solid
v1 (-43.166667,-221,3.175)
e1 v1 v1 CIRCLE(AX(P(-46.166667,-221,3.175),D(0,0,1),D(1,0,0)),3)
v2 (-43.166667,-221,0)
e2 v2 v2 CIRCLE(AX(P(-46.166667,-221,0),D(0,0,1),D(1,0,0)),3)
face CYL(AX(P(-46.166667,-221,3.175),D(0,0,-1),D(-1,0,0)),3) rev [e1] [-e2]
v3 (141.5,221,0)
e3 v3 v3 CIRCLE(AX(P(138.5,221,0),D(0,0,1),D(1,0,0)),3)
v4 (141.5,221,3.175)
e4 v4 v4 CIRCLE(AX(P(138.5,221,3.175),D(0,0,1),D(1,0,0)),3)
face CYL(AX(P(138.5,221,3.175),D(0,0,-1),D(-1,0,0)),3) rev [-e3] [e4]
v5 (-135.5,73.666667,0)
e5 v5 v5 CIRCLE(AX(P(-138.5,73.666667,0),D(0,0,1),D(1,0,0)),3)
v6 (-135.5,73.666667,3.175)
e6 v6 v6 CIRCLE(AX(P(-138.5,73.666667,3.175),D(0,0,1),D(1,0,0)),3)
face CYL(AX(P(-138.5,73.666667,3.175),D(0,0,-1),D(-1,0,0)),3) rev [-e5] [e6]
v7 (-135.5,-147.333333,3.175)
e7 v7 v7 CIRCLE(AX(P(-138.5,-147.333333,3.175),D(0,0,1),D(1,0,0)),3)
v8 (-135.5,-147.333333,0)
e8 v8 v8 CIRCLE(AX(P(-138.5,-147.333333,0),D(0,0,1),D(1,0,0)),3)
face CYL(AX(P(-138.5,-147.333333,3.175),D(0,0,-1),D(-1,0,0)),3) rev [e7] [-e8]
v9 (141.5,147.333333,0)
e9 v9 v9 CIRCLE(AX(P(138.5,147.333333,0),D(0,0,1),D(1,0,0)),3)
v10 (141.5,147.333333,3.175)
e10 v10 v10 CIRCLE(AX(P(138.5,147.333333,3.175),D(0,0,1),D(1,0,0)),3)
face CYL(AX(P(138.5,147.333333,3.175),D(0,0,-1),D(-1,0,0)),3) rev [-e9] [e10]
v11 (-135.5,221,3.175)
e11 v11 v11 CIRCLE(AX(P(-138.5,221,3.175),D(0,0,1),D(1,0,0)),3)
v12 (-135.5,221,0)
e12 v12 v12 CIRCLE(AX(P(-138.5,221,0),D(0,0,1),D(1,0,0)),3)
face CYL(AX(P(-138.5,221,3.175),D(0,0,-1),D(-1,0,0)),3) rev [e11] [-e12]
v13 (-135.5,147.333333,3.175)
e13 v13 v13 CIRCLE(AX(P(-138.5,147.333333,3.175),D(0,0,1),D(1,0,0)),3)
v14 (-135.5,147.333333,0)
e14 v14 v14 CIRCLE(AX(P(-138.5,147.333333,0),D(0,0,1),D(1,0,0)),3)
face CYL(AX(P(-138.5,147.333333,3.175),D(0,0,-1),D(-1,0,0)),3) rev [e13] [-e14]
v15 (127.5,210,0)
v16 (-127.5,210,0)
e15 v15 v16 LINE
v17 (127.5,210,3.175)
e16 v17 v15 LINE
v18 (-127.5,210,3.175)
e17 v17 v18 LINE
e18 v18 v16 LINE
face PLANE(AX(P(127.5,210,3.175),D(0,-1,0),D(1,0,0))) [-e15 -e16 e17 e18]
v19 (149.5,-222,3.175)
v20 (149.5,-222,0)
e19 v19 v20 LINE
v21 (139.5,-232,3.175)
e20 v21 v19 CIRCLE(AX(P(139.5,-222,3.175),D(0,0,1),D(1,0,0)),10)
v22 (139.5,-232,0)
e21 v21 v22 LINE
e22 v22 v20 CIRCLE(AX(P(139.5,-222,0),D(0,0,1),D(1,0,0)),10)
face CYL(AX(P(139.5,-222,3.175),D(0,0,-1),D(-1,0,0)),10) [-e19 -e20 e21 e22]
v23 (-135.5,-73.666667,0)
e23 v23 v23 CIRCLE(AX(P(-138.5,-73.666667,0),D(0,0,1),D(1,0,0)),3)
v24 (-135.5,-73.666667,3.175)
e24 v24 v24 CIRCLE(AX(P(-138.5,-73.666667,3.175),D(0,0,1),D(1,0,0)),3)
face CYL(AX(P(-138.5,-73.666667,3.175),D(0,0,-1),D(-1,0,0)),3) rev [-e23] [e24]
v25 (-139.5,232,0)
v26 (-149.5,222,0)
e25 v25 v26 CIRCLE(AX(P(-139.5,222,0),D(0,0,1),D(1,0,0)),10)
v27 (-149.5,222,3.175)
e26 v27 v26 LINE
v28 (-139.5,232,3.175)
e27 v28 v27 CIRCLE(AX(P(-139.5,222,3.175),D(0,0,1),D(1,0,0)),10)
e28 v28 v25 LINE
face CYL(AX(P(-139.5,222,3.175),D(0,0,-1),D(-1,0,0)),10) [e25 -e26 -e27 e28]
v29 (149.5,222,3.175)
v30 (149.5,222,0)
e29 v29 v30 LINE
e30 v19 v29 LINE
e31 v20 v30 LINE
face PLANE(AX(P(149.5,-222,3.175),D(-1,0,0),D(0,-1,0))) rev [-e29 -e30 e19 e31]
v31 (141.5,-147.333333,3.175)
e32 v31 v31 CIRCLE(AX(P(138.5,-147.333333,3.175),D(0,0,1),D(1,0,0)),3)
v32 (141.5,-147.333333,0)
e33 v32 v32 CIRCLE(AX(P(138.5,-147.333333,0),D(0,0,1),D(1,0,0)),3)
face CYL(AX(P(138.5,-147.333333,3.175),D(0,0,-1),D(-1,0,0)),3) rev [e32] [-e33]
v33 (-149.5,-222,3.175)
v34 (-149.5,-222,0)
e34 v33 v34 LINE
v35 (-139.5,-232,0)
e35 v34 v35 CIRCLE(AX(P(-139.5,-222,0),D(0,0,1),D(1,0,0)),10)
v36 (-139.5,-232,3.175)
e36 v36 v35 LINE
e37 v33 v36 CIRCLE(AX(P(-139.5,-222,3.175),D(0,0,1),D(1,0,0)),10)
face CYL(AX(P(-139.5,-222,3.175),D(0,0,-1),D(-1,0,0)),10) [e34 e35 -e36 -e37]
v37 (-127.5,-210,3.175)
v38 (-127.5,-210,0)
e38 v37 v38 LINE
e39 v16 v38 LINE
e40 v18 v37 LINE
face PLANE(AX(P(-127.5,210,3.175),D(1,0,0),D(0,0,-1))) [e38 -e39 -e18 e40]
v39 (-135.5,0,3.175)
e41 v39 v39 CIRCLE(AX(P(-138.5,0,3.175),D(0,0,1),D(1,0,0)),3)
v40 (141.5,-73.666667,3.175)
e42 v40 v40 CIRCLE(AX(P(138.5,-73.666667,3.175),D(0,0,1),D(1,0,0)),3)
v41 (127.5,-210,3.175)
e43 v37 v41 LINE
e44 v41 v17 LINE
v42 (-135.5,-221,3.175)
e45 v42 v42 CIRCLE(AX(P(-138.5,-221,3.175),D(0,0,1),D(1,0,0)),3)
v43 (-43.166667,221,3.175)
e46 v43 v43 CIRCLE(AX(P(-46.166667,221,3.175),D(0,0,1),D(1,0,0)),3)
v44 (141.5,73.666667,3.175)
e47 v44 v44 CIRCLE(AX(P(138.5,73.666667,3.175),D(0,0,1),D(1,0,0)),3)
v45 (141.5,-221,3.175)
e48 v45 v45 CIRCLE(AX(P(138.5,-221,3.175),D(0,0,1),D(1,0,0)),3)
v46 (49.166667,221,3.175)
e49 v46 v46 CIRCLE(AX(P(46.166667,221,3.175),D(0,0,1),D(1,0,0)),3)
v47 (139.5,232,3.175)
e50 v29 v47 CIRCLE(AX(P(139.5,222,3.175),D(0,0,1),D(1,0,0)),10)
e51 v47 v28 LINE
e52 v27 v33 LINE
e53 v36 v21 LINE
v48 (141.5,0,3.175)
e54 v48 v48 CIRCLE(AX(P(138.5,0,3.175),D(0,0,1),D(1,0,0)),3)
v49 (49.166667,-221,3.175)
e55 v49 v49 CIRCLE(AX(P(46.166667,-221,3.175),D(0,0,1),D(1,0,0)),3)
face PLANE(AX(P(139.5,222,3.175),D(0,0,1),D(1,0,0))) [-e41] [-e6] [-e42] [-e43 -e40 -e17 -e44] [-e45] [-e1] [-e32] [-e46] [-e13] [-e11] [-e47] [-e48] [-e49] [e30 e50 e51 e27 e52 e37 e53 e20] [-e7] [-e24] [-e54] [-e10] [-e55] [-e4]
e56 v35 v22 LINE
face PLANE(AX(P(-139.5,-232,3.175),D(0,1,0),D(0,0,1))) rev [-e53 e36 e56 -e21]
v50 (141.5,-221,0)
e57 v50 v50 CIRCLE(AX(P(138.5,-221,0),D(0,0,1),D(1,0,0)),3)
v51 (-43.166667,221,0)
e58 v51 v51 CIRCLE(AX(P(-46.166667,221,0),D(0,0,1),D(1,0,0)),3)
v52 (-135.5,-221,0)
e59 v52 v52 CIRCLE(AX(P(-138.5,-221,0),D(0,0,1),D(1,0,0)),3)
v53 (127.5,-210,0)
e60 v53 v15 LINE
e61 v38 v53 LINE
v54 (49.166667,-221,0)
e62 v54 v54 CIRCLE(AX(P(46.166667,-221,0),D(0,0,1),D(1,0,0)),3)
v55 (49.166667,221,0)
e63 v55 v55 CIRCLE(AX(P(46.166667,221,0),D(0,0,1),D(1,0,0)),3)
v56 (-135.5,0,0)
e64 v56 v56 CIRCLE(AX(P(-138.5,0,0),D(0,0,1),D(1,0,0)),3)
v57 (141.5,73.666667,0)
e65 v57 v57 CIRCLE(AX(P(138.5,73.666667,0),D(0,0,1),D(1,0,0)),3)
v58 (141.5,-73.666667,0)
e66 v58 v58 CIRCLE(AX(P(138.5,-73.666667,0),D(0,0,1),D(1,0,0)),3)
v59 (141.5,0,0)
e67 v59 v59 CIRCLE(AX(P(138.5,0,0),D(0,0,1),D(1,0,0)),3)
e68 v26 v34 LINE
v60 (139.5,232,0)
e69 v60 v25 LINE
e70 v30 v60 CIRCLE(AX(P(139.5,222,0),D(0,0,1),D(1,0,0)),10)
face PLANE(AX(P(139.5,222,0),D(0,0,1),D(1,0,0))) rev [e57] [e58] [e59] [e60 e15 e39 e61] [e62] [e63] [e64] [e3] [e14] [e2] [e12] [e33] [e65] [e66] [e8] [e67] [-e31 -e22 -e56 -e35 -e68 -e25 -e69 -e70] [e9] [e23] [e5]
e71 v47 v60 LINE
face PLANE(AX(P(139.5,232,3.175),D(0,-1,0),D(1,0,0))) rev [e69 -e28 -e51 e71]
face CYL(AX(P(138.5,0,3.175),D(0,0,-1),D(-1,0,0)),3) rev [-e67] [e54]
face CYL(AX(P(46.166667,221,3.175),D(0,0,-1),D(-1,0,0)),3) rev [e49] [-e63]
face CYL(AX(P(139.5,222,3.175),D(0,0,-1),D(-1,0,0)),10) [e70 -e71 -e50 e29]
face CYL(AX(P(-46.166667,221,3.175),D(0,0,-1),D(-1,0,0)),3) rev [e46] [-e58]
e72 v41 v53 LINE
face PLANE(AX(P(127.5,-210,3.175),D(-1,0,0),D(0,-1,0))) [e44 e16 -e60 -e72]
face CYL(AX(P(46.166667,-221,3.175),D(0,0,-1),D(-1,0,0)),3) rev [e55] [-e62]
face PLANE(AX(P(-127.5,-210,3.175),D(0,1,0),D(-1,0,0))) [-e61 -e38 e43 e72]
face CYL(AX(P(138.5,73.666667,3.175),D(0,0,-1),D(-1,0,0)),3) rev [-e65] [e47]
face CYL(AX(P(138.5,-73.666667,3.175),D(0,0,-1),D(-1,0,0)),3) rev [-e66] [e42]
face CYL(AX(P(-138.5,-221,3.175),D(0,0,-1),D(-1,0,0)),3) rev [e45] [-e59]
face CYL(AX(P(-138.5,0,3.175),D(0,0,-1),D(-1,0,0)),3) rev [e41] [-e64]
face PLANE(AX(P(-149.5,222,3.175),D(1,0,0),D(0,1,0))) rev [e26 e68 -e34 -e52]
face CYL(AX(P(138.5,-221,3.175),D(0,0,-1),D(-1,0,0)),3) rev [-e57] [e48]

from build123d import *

# Parameters (mm, degrees)
SKETCH1_R           = 3
SKETCH1_W           = 255
SKETCH1_H           = 420
BOSS_EXTRUDE1_DEPTH = 3.175


with BuildPart() as part:
    # Sketch1 → Boss-Extrude1 (new body)
    with BuildSketch(Plane.XY):
        with BuildLine():
            Line((139.5, 232), (-139.5, 232))
            ThreePointArc((-139.5, 232), (-146.571067812, 229.071067812), (-149.5, 222))
            Line((-149.5, 222), (-149.5, -222))
            ThreePointArc((-149.5, -222), (-146.571067812, -229.071067812), (-139.5, -232))
            Line((-139.5, -232), (139.5, -232))
            ThreePointArc((139.5, -232), (146.571067812, -229.071067812), (149.5, -222))
            Line((149.5, -222), (149.5, 222))
            ThreePointArc((149.5, 222), (146.571067812, 229.071067812), (139.5, 232))
        make_face()
        with Locations((138.5, -221)):
            Circle(SKETCH1_R, mode=Mode.SUBTRACT)
        with Locations((46.166666667, -221)):
            Circle(SKETCH1_R, mode=Mode.SUBTRACT)
        with Locations((-46.166666667, -221)):
            Circle(SKETCH1_R, mode=Mode.SUBTRACT)
        with Locations((-138.5, -221)):
            Circle(SKETCH1_R, mode=Mode.SUBTRACT)
        with Locations((-138.5, -73.666666667)):
            Circle(SKETCH1_R, mode=Mode.SUBTRACT)
        with Locations((-138.5, 0)):
            Circle(SKETCH1_R, mode=Mode.SUBTRACT)
        with Locations((138.5, -73.666666667)):
            Circle(SKETCH1_R, mode=Mode.SUBTRACT)
        with Locations((138.5, 0)):
            Circle(SKETCH1_R, mode=Mode.SUBTRACT)
        with Locations((138.5, 73.666666667)):
            Circle(SKETCH1_R, mode=Mode.SUBTRACT)
        with Locations((138.5, 147.333333333)):
            Circle(SKETCH1_R, mode=Mode.SUBTRACT)
        with Locations((138.5, 221)):
            Circle(SKETCH1_R, mode=Mode.SUBTRACT)
        with Locations((46.166666667, 221)):
            Circle(SKETCH1_R, mode=Mode.SUBTRACT)
        with Locations((-138.5, 73.666666667)):
            Circle(SKETCH1_R, mode=Mode.SUBTRACT)
        with Locations((-138.5, 147.333333333)):
            Circle(SKETCH1_R, mode=Mode.SUBTRACT)
        with Locations((-46.166666667, 221)):
            Circle(SKETCH1_R, mode=Mode.SUBTRACT)
        with Locations((-138.5, 221)):
            Circle(SKETCH1_R, mode=Mode.SUBTRACT)
        with Locations((138.5, -147.333333333)):
            Circle(SKETCH1_R, mode=Mode.SUBTRACT)
        with Locations((-138.5, -147.333333333)):
            Circle(SKETCH1_R, mode=Mode.SUBTRACT)
        Rectangle(SKETCH1_W, SKETCH1_H, mode=Mode.SUBTRACT)
    extrude(amount=BOSS_EXTRUDE1_DEPTH)


solid = part.part
